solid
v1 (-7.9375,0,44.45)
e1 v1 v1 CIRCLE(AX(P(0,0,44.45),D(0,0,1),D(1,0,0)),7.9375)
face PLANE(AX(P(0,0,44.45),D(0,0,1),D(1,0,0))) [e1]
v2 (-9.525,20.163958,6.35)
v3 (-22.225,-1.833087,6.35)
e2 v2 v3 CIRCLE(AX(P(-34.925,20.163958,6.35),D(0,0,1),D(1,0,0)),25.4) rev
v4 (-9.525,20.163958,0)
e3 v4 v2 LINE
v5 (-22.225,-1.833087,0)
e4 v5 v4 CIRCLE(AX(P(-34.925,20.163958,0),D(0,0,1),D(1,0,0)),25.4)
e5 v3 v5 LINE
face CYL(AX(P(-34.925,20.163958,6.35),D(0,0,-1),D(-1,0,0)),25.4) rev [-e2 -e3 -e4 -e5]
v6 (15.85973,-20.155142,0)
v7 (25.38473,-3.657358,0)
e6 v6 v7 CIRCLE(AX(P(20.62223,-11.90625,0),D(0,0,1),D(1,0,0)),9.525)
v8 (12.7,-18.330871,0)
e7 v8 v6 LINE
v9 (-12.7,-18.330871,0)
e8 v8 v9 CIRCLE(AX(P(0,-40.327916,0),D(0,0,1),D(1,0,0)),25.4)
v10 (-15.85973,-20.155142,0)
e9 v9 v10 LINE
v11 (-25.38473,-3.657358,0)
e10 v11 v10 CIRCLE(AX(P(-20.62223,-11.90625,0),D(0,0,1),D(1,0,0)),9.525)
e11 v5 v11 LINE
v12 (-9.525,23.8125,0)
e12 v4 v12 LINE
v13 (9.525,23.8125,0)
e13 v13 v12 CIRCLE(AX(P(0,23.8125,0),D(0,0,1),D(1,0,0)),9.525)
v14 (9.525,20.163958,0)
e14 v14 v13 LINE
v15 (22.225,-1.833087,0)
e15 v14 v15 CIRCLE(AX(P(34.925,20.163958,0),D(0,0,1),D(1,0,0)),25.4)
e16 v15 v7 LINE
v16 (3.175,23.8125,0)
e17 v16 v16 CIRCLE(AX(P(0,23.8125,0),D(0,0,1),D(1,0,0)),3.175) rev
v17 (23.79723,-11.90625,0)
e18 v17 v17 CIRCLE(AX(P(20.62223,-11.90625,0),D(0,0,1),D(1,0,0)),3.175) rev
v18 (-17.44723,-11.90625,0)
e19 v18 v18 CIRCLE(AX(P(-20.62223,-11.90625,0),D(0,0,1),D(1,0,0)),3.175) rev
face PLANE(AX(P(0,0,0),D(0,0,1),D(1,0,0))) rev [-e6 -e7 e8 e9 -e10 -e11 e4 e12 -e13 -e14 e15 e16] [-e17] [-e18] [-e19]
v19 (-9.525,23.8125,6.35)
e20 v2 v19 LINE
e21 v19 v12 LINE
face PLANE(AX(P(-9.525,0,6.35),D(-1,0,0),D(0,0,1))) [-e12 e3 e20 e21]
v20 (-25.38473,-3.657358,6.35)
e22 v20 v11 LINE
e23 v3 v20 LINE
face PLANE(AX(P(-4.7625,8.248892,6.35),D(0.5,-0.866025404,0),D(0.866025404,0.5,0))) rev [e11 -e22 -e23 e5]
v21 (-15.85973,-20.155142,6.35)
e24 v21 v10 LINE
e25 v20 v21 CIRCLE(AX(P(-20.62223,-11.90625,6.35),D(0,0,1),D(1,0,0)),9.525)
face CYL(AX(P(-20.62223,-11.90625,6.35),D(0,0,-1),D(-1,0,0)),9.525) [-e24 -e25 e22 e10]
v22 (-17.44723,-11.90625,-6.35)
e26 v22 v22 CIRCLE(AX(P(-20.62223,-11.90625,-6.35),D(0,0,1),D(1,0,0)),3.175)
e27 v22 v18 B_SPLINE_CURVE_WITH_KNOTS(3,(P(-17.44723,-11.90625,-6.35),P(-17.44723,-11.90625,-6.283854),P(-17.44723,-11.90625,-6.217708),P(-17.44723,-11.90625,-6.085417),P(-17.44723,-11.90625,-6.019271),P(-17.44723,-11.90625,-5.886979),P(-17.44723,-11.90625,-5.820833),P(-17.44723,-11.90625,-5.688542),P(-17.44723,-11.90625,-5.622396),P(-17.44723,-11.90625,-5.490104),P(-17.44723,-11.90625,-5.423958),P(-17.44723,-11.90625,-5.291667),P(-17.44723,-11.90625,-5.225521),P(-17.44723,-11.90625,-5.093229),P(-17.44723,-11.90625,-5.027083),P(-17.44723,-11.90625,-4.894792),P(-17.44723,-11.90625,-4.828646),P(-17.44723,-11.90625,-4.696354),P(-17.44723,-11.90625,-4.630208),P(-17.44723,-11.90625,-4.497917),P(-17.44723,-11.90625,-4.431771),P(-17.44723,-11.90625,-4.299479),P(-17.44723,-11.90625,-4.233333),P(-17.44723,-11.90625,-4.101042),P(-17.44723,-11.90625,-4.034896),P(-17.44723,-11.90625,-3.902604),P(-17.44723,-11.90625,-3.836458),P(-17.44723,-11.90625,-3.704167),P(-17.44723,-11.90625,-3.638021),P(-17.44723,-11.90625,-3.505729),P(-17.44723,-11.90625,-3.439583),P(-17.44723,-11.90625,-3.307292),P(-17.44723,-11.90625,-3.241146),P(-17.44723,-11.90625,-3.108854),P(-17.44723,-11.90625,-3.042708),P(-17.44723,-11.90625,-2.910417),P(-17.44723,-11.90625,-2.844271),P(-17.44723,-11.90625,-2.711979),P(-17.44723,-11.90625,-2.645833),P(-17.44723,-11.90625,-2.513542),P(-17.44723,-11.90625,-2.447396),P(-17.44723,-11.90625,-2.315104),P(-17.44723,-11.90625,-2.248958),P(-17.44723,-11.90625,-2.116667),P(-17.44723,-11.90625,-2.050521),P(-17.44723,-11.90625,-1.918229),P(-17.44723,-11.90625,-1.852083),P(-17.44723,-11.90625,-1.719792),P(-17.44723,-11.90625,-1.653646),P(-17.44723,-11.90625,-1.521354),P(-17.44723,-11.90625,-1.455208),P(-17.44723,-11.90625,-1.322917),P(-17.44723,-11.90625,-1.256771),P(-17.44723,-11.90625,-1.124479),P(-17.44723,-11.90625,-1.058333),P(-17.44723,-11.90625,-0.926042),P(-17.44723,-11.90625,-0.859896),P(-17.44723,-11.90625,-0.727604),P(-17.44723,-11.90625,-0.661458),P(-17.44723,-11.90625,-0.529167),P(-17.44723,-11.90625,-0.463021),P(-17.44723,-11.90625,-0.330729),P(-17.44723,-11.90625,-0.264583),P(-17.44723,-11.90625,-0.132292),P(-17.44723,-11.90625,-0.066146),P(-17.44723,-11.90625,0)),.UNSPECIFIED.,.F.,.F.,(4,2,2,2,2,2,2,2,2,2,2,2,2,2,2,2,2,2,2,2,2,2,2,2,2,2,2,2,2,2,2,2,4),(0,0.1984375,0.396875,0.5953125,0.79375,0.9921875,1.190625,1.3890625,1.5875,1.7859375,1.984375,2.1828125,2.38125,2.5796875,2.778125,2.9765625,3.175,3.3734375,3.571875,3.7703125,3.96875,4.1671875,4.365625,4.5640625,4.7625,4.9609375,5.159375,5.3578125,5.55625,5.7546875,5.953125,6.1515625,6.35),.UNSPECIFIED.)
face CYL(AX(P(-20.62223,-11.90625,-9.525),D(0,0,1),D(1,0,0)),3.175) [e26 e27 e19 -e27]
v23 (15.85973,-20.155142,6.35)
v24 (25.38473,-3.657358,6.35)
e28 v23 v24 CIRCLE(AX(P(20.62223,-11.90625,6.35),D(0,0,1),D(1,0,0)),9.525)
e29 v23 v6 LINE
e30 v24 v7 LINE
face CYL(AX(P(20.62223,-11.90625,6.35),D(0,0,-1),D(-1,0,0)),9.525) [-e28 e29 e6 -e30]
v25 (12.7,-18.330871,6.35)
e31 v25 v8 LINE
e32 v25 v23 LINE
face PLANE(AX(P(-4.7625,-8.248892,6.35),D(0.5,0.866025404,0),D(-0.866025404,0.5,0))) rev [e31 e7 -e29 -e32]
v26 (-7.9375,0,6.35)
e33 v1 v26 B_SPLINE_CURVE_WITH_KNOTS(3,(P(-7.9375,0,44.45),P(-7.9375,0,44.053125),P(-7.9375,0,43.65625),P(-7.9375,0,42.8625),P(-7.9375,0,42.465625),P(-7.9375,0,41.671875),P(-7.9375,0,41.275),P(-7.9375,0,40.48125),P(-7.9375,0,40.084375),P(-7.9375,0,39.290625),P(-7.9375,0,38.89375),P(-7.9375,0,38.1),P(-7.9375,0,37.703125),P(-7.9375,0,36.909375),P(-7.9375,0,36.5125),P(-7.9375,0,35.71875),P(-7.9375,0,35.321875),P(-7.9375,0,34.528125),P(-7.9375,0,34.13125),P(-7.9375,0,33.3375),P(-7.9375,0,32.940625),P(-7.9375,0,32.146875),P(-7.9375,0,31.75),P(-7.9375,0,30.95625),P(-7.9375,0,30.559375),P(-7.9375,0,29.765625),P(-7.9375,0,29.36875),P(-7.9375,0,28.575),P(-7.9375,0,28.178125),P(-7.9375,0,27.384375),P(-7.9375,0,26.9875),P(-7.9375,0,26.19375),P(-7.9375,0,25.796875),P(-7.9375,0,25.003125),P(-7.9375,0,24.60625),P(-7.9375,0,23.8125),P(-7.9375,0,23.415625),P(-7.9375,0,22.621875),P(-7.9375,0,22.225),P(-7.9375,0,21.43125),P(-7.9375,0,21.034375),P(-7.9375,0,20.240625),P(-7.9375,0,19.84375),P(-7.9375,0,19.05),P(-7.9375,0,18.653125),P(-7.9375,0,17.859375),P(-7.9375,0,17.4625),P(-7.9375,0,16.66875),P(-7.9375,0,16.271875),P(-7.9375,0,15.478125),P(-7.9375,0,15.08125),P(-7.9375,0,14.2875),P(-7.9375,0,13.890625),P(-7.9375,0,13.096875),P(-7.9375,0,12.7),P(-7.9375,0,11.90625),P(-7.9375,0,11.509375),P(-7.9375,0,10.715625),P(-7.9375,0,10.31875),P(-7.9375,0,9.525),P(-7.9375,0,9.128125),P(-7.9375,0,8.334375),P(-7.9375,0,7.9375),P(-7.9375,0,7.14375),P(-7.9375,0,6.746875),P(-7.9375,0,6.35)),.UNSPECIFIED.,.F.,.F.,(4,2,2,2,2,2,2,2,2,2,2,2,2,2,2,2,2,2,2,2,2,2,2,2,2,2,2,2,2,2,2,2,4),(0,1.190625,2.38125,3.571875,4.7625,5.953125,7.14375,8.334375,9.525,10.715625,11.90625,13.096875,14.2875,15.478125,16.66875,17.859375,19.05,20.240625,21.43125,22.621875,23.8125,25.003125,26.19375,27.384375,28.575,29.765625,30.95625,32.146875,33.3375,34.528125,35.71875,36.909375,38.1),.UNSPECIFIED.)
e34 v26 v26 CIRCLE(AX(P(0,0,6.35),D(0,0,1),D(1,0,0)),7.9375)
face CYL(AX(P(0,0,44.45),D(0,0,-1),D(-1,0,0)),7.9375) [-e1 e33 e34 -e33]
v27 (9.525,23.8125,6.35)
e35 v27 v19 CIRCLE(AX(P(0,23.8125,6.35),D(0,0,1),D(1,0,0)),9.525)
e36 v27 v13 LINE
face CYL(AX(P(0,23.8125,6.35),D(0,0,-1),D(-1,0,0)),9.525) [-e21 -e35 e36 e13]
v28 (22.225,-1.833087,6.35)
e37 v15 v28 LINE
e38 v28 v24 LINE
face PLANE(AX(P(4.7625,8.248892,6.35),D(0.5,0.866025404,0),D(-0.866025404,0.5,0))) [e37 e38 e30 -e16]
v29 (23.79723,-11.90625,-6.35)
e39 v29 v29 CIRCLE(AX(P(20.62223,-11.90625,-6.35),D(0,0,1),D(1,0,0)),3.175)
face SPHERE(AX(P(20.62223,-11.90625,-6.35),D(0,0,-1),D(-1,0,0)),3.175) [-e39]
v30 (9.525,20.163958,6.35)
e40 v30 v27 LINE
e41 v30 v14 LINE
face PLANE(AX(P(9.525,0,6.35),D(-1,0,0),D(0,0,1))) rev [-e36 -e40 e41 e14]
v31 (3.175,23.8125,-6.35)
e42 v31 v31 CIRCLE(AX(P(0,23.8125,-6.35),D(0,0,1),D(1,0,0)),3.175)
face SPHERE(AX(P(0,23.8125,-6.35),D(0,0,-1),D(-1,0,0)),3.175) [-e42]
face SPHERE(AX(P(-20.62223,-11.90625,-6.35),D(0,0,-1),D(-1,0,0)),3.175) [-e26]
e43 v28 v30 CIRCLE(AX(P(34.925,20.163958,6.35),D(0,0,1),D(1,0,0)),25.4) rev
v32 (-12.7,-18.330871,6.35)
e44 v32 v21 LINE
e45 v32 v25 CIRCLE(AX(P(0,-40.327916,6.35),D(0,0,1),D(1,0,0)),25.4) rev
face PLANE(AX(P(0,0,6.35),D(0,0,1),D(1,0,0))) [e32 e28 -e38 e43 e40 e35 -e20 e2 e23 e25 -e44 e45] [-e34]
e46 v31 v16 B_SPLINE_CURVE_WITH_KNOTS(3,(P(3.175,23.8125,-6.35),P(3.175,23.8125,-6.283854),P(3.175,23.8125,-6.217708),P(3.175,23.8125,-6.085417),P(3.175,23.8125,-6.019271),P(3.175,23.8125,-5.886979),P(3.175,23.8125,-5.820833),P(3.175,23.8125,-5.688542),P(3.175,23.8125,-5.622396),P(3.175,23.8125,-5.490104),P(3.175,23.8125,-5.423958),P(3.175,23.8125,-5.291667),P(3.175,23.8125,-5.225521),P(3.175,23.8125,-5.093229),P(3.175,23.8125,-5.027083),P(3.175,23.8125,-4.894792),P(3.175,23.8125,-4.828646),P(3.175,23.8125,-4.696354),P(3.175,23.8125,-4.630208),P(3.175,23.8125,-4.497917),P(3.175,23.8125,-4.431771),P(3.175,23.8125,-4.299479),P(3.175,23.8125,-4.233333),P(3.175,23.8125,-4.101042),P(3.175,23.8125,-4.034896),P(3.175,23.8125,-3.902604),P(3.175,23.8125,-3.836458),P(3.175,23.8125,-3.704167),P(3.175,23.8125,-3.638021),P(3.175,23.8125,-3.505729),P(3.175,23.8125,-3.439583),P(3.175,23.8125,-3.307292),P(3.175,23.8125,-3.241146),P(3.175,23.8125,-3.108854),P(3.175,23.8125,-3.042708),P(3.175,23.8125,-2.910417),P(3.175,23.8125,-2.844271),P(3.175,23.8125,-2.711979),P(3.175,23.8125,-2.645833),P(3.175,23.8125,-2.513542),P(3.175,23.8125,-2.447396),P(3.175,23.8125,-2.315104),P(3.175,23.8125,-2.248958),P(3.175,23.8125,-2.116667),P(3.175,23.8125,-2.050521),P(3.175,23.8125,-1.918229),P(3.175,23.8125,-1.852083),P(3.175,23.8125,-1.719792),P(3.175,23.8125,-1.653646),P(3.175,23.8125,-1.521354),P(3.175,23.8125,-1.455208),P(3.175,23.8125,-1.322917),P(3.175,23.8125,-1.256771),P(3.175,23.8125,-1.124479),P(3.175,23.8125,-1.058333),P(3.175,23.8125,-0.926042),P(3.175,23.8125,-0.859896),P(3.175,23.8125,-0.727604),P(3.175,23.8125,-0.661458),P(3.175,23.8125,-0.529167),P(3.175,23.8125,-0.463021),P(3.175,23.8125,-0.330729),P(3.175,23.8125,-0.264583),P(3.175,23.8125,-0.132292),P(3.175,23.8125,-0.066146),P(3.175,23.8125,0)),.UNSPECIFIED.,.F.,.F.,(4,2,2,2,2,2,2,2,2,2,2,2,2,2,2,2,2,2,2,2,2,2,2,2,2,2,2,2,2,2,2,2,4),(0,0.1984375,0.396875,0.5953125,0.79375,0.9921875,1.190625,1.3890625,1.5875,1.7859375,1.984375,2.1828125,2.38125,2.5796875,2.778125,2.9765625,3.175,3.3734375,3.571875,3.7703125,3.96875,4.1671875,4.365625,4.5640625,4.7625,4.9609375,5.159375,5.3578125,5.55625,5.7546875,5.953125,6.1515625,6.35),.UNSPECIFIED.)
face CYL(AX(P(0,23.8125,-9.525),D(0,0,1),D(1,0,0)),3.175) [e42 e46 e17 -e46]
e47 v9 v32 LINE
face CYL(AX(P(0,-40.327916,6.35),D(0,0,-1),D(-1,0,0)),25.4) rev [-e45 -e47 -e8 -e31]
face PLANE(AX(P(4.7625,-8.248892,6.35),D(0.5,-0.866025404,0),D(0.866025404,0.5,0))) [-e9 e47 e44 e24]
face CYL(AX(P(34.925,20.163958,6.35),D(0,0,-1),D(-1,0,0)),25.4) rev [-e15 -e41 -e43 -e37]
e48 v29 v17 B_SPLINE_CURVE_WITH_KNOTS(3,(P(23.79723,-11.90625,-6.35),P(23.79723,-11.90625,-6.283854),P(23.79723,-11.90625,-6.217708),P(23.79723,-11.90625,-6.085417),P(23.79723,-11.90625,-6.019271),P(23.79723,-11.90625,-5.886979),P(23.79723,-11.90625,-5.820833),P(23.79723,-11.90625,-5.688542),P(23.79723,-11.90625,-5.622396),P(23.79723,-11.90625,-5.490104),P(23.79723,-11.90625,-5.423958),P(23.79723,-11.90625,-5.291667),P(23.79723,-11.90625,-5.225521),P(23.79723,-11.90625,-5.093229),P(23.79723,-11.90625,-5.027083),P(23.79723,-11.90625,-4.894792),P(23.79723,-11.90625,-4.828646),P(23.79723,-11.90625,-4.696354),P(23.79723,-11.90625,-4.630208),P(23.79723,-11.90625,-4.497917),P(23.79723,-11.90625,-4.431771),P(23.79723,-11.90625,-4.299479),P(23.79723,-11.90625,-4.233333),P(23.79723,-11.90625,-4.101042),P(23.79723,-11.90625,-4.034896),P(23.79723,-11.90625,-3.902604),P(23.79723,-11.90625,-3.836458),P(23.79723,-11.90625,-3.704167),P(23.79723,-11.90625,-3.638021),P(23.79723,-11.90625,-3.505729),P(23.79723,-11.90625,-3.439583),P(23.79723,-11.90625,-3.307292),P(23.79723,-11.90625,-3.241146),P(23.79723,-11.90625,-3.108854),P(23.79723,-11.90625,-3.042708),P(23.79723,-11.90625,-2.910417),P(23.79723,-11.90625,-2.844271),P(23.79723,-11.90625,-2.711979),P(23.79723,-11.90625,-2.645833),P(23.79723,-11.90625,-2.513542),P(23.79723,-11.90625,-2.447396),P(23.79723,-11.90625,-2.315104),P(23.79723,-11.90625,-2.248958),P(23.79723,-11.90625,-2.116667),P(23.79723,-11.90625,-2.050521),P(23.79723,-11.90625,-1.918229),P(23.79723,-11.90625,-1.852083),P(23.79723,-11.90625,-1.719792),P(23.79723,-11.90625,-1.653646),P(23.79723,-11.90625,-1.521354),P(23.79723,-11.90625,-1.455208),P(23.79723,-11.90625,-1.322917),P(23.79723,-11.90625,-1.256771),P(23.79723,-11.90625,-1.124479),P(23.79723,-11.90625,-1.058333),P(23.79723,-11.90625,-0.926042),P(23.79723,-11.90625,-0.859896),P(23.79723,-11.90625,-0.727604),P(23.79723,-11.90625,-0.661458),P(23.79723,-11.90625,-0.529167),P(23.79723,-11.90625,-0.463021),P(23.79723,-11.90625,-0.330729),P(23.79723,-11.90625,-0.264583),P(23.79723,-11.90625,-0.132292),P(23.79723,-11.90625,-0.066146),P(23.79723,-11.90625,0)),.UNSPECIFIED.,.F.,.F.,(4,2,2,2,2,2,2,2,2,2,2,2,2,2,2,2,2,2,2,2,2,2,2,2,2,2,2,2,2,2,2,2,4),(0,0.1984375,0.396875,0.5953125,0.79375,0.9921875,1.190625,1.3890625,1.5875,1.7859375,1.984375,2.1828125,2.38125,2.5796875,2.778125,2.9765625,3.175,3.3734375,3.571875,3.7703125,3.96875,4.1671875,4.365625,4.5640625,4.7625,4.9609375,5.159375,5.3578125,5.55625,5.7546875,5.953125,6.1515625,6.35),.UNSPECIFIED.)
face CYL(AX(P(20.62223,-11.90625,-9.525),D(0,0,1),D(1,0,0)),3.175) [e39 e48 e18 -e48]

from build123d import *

# Parameters (mm, degrees)
BOSS_EXTRUDE1_DEPTH = 6.35
FILLET1_R           = 25.4
SKETCH3_R           = 3.175
BOSS_EXTRUDE2_DEPTH = 9.525
FILLET2_R           = 3.175
SKETCH4_R           = 7.9375
BOSS_EXTRUDE3_DEPTH = 38.1


with BuildPart() as part:
    # Sketch2 → Boss-Extrude1 (new body)
    with BuildSketch(Plane.XY):
        with BuildLine():
            Line((-15.859729928, -20.155141971), (0, -10.998522628))
            Line((0, -10.998522628), (15.859729928, -20.155141971))
            ThreePointArc((15.859729928, -20.155141971), (28.871121899, -16.66875), (25.384729928, -3.657358029))
            Line((25.384729928, -3.657358029), (9.525, 5.499261314))
            Line((9.525, 5.499261314), (9.525, 23.8125))
            ThreePointArc((9.525, 23.8125), (0, 33.3375), (-9.525, 23.8125))
            Line((-9.525, 23.8125), (-9.525, 5.499261314))
            Line((-9.525, 5.499261314), (-25.384729928, -3.657358029))
            ThreePointArc((-25.384729928, -3.657358029), (-28.871121899, -16.66875), (-15.859729928, -20.155141971))
        make_face()
    extrude(amount=BOSS_EXTRUDE1_DEPTH)

    # Fillet1
    fillet1_edges = [part.edges().sort_by_distance(p)[0] for p in [
        (-9.525, 5.499261314, 3.175),
        (9.525, 5.499261314, 3.175),
        (0, -10.998522628, 3.175),
    ]]
    fillet(fillet1_edges, radius=FILLET1_R)

    # Sketch3 → Boss-Extrude2 (add)
    with BuildSketch(Plane(origin=(0, 0, 0), x_dir=(-1, 0, 0), z_dir=(0, 0, -1))):
        with Locations(Location((0, 23.8125, 0), (0, 0, 180))):
            Circle(SKETCH3_R)
        with Locations(Location((20.622229928, -11.90625, 0), (0, 0, 180))):
            Circle(SKETCH3_R)
        with Locations(Location((-20.622229928, -11.90625, 0), (0, 0, 180))):
            Circle(SKETCH3_R)
    extrude(amount=BOSS_EXTRUDE2_DEPTH)

    # Fillet2
    fillet2_edges = [part.edges().sort_by_distance(p)[0] for p in [
        (-3.175, 23.8125, -9.525),
        (-23.797229928, -11.90625, -9.525),
        (17.447229928, -11.90625, -9.525),
    ]]
    fillet(fillet2_edges, radius=FILLET2_R)

    # Sketch4 → Boss-Extrude3 (add)
    with BuildSketch(Plane.XY.offset(6.35)):
        with Locations(Location((0, 0, 0), (0, 0, 180))):
            Circle(SKETCH4_R)
    extrude(amount=BOSS_EXTRUDE3_DEPTH)


solid = part.part
